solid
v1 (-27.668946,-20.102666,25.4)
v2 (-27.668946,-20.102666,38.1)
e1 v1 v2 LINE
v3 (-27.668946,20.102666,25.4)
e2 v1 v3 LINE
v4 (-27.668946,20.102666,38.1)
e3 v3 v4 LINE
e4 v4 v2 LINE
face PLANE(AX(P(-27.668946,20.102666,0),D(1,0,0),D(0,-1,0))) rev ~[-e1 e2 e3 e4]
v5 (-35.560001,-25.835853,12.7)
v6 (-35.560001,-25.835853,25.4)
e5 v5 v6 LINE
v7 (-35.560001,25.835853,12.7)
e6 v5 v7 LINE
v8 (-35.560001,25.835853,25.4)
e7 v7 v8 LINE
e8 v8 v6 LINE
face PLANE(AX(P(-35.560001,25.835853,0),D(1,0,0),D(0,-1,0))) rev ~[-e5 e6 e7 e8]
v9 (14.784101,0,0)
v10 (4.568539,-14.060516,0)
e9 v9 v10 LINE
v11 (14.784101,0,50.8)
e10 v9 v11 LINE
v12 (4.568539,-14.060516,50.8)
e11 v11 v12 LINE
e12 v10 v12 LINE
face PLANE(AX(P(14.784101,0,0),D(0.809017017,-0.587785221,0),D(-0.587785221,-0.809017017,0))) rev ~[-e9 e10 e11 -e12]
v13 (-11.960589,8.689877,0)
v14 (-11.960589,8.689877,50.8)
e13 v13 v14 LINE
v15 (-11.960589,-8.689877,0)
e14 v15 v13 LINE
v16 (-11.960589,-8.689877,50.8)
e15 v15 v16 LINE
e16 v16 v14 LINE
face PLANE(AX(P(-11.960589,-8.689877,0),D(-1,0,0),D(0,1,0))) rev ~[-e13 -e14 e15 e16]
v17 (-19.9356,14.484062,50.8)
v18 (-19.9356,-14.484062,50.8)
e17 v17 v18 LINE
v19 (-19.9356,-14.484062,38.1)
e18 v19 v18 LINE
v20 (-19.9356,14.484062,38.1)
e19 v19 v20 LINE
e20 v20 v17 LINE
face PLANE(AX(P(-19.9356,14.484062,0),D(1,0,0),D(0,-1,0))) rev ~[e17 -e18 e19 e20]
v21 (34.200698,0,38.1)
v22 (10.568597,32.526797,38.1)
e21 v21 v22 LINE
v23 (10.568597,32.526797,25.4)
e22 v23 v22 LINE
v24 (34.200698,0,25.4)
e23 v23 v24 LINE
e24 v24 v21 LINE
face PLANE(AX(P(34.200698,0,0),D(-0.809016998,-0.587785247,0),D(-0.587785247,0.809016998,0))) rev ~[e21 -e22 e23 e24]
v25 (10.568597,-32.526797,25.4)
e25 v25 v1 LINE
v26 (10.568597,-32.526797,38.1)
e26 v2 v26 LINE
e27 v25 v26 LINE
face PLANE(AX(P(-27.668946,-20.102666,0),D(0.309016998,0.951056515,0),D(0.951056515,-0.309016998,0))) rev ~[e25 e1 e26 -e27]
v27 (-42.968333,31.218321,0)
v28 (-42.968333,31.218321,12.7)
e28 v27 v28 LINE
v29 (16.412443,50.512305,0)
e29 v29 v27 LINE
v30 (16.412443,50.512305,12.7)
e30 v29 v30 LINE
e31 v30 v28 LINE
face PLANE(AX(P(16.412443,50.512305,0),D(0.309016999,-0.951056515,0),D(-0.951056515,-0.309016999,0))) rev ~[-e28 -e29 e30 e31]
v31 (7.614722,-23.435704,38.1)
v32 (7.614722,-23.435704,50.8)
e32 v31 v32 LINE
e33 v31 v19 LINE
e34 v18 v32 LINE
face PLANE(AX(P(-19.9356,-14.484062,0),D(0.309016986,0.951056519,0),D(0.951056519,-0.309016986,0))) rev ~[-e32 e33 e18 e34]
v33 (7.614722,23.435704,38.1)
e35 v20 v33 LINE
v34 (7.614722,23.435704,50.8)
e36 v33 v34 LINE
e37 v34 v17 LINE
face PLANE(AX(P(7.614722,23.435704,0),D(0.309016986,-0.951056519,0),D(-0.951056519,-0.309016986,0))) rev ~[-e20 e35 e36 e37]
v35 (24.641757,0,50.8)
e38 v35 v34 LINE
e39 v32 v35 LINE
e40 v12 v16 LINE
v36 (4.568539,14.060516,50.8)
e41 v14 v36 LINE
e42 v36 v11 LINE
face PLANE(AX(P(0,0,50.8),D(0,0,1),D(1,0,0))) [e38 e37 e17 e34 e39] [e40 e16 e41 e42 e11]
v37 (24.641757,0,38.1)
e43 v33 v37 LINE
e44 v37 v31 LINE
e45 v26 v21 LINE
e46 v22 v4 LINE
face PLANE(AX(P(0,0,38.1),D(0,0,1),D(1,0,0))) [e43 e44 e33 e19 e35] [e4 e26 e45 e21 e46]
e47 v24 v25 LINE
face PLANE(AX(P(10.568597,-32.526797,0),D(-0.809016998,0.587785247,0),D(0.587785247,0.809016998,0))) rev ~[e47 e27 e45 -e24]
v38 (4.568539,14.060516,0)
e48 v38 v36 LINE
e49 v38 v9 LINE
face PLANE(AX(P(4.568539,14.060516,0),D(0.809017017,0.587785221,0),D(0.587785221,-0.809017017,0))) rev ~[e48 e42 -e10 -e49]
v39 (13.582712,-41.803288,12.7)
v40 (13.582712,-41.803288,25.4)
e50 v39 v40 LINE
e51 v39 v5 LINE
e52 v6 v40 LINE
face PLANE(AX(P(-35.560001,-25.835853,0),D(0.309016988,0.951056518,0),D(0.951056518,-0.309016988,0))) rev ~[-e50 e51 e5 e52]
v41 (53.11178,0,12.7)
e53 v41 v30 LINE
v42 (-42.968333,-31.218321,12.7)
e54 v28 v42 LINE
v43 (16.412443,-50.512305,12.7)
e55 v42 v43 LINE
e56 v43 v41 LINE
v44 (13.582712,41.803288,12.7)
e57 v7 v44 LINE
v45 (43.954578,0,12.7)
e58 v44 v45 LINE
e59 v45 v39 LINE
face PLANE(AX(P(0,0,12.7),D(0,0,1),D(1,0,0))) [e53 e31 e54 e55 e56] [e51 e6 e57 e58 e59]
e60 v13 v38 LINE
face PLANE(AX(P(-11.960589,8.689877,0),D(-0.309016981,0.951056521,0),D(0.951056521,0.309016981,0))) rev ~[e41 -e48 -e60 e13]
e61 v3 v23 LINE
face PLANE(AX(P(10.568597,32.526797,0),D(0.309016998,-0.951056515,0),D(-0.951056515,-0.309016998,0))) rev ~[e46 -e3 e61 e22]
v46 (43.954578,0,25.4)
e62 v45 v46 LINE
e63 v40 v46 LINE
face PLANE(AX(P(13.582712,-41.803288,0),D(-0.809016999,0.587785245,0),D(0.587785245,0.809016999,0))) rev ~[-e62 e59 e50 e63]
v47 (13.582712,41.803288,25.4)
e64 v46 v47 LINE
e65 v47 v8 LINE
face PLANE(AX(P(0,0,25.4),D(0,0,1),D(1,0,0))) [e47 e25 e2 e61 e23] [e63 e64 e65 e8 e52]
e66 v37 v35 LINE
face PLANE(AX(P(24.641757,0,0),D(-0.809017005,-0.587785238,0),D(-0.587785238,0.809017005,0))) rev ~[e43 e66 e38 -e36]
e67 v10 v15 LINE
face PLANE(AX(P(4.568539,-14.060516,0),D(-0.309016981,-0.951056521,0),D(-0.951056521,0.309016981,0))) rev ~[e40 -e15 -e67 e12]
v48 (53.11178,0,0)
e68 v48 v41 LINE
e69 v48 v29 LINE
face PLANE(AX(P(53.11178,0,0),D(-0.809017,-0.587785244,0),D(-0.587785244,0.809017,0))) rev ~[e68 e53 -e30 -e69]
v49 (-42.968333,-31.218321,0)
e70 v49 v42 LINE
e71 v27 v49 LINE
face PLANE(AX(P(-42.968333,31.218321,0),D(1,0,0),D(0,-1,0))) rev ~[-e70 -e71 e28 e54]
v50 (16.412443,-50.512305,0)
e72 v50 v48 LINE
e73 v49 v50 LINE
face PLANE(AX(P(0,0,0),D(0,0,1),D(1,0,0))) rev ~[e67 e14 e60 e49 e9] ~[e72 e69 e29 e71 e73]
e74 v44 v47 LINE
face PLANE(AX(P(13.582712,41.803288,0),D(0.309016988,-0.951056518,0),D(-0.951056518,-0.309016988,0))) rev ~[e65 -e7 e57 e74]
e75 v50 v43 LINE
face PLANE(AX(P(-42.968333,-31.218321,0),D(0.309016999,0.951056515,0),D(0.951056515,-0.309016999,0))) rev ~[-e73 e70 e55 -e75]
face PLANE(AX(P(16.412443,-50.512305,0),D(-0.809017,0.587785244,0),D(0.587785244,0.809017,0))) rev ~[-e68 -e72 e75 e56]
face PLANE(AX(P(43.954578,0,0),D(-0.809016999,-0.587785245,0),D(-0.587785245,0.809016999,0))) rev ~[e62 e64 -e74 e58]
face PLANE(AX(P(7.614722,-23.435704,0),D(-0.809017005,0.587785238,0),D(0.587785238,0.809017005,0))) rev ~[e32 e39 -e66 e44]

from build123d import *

# Parameters (mm, degrees)
F1_DEPTH = 12.7
F2_DEPTH = 25.4
F3_DEPTH = 38.1
F4_DEPTH = 50.8


with BuildPart() as f1:
    # F0 (on Top) → F1 (new body)
    with BuildSketch(Plane.XY):
        Polygon((-42.968333, 31.218321), (-42.968333, -31.218321), (16.412443, -50.512305), (53.11178, 0), (16.412443, 50.512305), align=None)
        Polygon((13.582712, -41.803288), (-35.560001, -25.835853), (-35.560001, 25.835853), (13.582712, 41.803288), (43.954578, 0), align=None, mode=Mode.SUBTRACT)
    extrude(amount=F1_DEPTH)

    # F0 (on Top) → F2 (join)
    with BuildSketch(Plane.XY):
        Polygon((-35.560001, 25.835853), (-35.560001, -25.835853), (13.582712, -41.803288), (43.954578, 0), (13.582712, 41.803288), align=None)
        Polygon((10.568597, 32.526797), (34.200698, 0), (10.568597, -32.526797), (-27.668946, -20.102666), (-27.668946, 20.102666), align=None, mode=Mode.SUBTRACT)
    extrude(amount=F2_DEPTH)

    # F0 (on Top) → F3 (join)
    with BuildSketch(Plane.XY):
        Polygon((10.568597, -32.526797), (34.200698, 0), (10.568597, 32.526797), (-27.668946, 20.102666), (-27.668946, -20.102666), align=None)
        Polygon((7.614722, 23.435704), (24.641757, 0), (7.614722, -23.435704), (-19.9356, -14.484062), (-19.9356, 14.484062), align=None, mode=Mode.SUBTRACT)
    extrude(amount=F3_DEPTH)

    # F0 (on Top) → F4 (join)
    with BuildSketch(Plane.XY):
        Polygon((7.614722, -23.435704), (24.641757, 0), (7.614722, 23.435704), (-19.9356, 14.484062), (-19.9356, -14.484062), align=None)
        Polygon((4.568539, 14.060516), (14.784101, 0), (4.568539, -14.060516), (-11.960589, -8.689877), (-11.960589, 8.689877), align=None, mode=Mode.SUBTRACT)
    extrude(amount=F4_DEPTH)


solid = f1.part
